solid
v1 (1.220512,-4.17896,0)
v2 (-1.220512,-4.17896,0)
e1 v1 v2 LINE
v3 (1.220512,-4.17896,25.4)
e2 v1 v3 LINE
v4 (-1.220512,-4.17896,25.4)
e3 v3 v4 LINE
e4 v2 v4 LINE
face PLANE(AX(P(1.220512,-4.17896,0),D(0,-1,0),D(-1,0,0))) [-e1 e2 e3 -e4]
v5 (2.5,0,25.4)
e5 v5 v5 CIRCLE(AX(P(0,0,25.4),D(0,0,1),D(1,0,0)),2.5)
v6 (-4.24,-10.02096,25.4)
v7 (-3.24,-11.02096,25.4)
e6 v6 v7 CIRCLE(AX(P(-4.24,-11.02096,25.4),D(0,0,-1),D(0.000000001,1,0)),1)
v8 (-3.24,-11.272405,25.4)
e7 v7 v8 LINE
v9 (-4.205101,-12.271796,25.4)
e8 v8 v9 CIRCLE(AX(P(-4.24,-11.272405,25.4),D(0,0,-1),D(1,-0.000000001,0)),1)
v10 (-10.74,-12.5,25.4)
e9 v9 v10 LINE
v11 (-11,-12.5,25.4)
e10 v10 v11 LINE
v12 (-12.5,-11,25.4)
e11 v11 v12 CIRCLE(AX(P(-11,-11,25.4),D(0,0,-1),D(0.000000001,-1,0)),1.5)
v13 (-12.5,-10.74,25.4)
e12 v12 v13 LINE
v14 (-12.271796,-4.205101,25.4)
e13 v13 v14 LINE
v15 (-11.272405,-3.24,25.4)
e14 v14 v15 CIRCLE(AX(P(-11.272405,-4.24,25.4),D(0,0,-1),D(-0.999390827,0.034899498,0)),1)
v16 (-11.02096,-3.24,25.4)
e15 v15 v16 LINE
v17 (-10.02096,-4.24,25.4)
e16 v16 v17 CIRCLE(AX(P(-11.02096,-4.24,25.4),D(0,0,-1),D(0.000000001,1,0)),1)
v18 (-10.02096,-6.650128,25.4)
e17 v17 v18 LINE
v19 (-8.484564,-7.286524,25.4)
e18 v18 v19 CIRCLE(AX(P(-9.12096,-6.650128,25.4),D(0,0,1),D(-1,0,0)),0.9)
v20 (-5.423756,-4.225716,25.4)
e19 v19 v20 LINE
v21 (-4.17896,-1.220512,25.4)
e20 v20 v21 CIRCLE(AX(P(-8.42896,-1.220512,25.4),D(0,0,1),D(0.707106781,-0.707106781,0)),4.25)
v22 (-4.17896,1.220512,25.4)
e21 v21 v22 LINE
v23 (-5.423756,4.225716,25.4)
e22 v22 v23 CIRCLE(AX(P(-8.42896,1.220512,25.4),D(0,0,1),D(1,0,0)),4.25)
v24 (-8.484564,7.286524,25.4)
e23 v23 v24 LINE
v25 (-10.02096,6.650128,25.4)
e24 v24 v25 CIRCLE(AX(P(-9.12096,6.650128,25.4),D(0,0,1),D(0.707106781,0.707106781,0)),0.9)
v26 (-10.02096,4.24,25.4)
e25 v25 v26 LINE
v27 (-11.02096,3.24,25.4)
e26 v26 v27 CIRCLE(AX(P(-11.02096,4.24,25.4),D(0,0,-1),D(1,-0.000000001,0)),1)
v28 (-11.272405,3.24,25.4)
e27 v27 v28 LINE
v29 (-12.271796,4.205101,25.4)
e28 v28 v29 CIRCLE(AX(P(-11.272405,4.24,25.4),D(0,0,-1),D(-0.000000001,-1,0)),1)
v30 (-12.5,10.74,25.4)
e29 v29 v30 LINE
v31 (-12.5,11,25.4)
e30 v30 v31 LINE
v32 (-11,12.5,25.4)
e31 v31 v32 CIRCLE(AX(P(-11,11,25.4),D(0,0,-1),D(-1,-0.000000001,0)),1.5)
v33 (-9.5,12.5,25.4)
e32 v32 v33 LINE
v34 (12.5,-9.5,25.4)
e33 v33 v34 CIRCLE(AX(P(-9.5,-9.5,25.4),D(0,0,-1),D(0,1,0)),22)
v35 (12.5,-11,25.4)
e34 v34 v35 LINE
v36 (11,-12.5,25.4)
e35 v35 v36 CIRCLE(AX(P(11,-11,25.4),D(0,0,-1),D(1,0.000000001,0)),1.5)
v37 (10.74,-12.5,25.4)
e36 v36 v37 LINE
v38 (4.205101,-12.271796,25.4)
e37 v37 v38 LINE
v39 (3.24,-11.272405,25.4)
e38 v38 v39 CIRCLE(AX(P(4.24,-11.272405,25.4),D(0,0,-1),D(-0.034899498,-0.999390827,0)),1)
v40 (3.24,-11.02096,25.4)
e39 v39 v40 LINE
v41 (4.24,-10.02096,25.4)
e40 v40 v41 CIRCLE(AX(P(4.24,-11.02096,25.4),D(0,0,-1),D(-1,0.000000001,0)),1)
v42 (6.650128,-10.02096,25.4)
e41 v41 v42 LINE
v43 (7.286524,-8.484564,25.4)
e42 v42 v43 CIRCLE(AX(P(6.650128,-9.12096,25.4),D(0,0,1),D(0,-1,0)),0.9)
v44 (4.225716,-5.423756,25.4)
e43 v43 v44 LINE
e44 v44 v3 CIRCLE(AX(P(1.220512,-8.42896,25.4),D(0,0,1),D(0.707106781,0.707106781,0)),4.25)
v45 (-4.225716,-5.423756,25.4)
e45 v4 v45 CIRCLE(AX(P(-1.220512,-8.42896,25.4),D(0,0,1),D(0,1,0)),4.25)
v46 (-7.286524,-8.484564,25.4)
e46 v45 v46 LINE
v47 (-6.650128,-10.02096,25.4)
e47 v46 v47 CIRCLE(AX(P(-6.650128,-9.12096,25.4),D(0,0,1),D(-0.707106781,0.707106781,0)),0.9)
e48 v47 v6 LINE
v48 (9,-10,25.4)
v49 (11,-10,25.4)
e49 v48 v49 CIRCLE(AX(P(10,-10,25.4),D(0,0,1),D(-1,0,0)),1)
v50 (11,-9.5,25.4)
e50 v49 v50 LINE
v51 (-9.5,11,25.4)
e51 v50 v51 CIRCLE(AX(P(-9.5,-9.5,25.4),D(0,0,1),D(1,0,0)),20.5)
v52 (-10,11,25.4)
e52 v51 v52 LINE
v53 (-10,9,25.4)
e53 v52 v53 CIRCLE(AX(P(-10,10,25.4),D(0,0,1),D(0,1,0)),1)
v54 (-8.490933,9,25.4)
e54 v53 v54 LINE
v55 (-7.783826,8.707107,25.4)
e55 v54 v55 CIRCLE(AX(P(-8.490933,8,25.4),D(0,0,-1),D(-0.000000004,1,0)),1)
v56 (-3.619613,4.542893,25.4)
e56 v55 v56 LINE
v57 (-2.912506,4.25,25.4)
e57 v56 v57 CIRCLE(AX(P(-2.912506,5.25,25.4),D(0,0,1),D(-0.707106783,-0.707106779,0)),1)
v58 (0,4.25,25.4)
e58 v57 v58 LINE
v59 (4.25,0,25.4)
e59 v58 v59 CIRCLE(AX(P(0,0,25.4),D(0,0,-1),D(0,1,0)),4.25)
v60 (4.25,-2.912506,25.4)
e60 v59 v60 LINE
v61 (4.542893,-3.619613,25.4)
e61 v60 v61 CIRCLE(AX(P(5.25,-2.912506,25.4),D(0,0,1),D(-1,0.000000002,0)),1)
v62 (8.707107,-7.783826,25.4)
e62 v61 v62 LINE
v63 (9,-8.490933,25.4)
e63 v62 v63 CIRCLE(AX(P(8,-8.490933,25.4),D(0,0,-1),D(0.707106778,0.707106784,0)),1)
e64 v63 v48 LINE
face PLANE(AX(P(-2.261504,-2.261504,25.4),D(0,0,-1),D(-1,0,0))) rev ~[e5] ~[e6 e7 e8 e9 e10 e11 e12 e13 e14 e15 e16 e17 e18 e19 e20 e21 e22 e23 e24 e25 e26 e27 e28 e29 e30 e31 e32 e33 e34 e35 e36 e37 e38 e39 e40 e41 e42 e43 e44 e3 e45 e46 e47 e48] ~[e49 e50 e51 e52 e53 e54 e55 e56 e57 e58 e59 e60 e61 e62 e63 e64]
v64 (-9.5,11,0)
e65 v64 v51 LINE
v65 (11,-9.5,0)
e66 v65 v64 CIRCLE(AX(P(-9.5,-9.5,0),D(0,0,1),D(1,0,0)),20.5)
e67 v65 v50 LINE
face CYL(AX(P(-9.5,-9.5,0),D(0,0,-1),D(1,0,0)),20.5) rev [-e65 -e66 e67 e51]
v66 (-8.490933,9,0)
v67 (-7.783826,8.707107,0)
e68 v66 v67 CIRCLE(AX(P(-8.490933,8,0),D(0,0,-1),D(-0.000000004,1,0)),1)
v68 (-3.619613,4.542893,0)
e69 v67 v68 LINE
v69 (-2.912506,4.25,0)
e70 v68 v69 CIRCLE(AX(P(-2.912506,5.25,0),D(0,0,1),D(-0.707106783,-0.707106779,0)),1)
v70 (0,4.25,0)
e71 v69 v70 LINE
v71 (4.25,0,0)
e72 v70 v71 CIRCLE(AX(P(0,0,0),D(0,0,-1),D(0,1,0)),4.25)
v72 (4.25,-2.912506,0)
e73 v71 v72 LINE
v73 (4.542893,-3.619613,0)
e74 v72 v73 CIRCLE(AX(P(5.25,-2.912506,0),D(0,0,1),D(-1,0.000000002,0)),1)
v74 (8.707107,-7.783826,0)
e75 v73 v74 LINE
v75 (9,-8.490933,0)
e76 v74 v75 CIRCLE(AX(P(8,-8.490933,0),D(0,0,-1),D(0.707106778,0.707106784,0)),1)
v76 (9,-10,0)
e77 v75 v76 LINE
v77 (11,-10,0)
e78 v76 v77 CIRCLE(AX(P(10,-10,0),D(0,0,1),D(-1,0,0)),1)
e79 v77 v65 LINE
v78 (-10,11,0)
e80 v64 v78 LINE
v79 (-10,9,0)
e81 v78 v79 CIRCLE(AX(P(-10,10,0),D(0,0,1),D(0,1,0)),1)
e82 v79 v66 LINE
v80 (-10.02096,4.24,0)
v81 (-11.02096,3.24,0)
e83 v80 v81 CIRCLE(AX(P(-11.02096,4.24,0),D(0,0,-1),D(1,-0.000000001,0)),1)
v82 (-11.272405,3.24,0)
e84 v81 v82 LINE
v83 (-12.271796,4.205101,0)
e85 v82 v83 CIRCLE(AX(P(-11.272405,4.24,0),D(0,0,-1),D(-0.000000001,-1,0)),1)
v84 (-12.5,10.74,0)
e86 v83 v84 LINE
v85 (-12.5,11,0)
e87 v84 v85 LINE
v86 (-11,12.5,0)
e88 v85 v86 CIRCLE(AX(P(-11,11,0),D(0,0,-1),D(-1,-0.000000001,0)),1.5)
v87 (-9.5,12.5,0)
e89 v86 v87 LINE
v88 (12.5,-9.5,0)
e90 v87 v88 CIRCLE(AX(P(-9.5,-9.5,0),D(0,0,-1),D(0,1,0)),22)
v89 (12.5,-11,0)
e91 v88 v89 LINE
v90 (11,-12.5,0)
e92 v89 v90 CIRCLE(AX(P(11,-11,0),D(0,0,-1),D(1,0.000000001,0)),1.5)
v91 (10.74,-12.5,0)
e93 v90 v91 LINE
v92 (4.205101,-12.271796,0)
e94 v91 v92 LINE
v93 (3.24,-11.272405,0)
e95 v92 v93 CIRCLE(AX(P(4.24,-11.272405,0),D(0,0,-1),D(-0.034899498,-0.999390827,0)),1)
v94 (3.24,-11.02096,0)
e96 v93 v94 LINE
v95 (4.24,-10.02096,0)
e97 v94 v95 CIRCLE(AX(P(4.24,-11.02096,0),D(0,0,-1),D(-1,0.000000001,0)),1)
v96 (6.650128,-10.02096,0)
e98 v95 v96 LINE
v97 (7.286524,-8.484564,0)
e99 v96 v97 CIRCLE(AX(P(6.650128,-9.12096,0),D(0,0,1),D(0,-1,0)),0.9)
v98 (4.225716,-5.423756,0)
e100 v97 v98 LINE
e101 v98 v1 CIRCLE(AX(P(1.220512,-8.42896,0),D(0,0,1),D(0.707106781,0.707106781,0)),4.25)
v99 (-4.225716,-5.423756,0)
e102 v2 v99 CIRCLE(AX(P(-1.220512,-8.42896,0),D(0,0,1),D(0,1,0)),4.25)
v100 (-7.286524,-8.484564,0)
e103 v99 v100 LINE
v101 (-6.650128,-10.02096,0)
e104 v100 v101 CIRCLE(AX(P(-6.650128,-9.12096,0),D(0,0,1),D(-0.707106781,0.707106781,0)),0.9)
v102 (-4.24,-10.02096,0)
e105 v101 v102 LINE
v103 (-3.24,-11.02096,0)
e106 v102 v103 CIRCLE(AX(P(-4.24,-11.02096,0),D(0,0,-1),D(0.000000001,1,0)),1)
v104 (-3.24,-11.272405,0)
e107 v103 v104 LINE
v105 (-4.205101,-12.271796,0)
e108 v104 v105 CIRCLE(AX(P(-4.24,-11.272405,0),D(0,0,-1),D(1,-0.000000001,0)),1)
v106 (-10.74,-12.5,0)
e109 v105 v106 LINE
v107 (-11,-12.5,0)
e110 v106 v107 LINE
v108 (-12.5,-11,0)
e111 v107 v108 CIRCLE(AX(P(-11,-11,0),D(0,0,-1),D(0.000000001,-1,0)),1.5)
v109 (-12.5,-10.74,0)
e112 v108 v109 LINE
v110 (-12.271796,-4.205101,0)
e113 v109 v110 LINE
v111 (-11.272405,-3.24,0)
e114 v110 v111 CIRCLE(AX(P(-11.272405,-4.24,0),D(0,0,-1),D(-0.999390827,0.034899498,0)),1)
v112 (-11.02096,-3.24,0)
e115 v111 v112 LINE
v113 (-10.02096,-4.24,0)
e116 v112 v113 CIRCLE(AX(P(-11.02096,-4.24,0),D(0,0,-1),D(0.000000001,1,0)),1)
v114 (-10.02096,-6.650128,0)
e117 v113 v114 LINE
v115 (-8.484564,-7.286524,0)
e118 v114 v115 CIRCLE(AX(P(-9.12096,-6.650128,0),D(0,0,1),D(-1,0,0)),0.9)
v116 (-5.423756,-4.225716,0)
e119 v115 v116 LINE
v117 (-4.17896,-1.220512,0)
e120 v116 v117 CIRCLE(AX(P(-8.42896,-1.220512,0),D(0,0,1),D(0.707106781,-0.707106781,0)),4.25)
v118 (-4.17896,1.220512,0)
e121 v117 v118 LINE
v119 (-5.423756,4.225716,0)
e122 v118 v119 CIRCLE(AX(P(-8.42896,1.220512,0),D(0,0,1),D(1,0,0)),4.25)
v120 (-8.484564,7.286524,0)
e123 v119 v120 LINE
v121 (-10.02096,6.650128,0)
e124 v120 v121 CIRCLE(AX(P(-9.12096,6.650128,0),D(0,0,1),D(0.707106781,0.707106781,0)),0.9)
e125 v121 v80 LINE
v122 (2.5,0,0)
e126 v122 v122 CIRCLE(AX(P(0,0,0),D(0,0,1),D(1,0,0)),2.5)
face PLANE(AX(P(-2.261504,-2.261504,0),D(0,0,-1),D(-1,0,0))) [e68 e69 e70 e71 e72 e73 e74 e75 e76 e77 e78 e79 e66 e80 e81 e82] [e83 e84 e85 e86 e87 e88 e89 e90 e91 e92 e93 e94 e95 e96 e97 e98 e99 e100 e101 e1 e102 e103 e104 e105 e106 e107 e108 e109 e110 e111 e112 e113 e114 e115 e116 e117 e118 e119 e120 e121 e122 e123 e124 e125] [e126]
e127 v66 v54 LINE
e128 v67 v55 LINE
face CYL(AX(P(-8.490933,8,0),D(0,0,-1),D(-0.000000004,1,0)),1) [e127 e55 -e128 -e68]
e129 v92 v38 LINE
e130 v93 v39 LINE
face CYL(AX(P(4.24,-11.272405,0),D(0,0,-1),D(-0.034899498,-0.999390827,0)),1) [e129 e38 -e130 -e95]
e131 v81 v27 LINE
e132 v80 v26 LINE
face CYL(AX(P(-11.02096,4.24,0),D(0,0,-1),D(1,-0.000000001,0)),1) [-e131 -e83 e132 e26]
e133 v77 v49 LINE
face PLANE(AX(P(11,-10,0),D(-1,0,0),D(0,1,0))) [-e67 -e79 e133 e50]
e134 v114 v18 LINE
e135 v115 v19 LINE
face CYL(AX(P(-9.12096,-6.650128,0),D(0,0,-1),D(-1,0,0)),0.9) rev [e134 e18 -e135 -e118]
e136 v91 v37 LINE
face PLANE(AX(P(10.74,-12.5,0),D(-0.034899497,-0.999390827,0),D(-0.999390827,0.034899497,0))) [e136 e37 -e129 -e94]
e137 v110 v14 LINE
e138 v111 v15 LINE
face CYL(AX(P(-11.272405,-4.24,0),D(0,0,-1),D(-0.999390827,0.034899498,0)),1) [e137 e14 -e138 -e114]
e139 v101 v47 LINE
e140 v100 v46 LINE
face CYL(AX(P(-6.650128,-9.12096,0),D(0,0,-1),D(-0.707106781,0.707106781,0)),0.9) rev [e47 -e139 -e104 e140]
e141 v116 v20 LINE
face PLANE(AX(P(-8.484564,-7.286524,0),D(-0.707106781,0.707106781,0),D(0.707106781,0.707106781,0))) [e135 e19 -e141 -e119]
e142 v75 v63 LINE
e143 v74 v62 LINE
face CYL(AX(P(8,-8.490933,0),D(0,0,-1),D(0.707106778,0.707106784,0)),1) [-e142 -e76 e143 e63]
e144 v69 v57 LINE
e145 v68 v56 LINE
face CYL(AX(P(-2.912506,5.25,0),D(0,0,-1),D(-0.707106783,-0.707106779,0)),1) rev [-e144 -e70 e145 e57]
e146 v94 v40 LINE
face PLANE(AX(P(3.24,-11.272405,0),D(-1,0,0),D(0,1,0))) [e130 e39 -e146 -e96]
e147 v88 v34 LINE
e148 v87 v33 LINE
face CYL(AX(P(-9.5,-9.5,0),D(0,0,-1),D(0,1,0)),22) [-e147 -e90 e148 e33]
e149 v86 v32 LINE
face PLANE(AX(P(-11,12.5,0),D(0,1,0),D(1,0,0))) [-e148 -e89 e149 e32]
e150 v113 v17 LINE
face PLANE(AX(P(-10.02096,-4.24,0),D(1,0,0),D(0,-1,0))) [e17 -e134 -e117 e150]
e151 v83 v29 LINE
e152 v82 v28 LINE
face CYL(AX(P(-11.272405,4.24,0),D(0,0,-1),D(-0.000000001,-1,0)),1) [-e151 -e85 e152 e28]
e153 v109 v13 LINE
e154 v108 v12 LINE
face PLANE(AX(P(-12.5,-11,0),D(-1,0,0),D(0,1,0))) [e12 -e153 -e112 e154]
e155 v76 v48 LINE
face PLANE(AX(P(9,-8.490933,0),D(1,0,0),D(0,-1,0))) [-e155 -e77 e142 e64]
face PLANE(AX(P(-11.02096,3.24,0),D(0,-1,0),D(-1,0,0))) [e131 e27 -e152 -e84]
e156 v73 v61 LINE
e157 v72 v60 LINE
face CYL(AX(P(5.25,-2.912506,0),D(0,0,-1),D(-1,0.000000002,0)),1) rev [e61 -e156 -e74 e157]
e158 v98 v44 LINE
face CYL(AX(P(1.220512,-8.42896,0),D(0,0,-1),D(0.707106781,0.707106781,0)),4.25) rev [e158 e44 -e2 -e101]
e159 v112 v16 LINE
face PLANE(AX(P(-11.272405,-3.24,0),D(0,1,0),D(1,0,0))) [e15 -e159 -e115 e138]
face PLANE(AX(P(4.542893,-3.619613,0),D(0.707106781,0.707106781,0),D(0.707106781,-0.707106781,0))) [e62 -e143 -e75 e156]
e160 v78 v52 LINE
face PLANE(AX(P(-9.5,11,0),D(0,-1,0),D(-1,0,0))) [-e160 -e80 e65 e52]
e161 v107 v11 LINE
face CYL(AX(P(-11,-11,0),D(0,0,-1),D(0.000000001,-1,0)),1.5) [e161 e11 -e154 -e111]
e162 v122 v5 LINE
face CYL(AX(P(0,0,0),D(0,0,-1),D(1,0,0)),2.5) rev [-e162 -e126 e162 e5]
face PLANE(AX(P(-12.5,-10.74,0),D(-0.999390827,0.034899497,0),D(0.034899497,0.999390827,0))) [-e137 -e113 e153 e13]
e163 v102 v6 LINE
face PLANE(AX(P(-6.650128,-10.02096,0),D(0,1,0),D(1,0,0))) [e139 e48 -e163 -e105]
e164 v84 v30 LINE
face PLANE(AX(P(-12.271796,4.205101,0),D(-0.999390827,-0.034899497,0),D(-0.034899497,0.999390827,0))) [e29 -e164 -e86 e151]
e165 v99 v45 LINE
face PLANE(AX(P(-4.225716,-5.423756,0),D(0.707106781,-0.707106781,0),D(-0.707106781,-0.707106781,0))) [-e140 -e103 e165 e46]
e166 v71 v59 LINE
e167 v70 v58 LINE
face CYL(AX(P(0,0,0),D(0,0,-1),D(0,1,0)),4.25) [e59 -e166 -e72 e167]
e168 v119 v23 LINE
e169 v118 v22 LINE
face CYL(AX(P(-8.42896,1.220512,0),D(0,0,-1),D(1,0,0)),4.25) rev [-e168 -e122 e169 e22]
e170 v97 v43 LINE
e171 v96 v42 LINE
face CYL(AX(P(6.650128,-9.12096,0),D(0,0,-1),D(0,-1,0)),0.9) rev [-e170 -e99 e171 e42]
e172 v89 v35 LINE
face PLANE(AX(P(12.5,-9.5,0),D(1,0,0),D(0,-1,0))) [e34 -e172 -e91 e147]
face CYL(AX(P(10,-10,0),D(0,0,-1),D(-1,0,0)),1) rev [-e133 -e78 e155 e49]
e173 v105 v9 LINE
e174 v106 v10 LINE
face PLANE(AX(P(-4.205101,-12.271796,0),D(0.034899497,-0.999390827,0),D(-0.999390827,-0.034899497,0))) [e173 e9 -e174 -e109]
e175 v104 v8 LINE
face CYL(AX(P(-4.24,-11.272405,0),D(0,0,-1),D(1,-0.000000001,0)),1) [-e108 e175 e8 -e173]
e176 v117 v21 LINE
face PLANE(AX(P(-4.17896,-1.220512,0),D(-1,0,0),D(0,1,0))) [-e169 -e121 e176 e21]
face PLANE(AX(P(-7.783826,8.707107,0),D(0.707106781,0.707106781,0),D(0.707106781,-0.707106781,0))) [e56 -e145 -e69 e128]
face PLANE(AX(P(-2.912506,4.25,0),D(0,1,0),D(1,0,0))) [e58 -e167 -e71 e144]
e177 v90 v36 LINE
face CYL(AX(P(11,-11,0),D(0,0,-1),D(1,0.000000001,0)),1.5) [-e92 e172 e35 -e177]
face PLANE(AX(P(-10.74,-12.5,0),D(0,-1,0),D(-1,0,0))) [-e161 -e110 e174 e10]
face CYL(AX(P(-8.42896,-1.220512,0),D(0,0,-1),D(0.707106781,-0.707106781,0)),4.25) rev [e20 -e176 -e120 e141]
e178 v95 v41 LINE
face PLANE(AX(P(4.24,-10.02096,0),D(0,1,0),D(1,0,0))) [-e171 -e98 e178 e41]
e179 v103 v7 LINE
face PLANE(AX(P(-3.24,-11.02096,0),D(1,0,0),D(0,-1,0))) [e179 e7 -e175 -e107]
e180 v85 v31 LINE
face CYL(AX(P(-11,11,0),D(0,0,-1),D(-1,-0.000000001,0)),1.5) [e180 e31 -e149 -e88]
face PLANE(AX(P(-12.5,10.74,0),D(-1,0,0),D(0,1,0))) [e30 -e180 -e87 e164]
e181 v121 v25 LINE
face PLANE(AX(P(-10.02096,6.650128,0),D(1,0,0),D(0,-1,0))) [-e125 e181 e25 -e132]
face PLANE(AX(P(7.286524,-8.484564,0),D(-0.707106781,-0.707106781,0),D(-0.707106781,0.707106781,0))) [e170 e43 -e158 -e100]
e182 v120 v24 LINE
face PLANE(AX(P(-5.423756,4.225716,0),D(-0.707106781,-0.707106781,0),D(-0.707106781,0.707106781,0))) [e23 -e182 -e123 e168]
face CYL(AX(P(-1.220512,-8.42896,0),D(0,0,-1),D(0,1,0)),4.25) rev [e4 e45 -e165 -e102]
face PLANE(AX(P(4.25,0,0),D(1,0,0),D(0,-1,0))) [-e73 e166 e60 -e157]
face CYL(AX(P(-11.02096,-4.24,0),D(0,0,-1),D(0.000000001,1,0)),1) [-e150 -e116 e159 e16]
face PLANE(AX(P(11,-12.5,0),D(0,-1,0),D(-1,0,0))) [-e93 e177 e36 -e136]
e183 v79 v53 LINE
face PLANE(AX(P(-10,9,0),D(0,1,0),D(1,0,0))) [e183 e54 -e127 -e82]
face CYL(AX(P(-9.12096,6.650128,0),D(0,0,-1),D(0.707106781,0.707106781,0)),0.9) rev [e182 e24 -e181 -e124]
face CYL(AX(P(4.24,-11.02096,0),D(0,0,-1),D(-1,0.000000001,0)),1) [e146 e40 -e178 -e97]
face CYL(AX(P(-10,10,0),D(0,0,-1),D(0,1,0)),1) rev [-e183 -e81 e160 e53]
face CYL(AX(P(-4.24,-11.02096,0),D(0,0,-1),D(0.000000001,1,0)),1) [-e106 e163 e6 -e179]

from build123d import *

# Parameters (mm, degrees)
SKETCH1_R      = 2.5
EXTRUDE1_DEPTH = 25.4


with BuildPart() as part:
    # Sketch1 → Extrude1 (new body)
    with BuildSketch(Plane.XY):
        with BuildLine():
            Line((1.22051236, -4.17896), (-1.22051236, -4.17896))
            ThreePointArc((-1.22051236, -4.17896), (-2.846916947, -4.502471987), (-4.22571618, -5.42375618))
            Line((-4.22571618, -5.42375618), (-7.286523897, -8.484563897))
            ThreePointArc((-7.286523897, -8.484563897), (-7.481619373, -9.465375089), (-6.650127794, -10.02096))
            Line((-6.650127794, -10.02096), (-4.24, -10.02096))
            ThreePointArc((-4.24, -10.02096), (-3.532893219, -10.313853219), (-3.24, -11.02096))
            Line((-3.24, -11.02096), (-3.24, -11.272405454))
            ThreePointArc((-3.24, -11.272405454), (-3.5206602, -11.967063824), (-4.205100503, -12.271796281))
            Line((-4.205100503, -12.271796281), (-10.74, -12.5))
            Line((-10.74, -12.5), (-11, -12.5))
            ThreePointArc((-11, -12.5), (-12.060660172, -12.060660172), (-12.5, -11))
            Line((-12.5, -11), (-12.5, -10.74))
            Line((-12.5, -10.74), (-12.271796281, -4.205100503))
            ThreePointArc((-12.271796281, -4.205100503), (-11.967063824, -3.5206602), (-11.272405454, -3.24))
            Line((-11.272405454, -3.24), (-11.02096, -3.24))
            ThreePointArc((-11.02096, -3.24), (-10.313853219, -3.532893219), (-10.02096, -4.24))
            Line((-10.02096, -4.24), (-10.02096, -6.650127794))
            ThreePointArc((-10.02096, -6.650127794), (-9.465375089, -7.481619373), (-8.484563897, -7.286523897))
            Line((-8.484563897, -7.286523897), (-5.42375618, -4.22571618))
            ThreePointArc((-5.42375618, -4.22571618), (-4.502471987, -2.846916947), (-4.17896, -1.22051236))
            Line((-4.17896, -1.22051236), (-4.17896, 1.22051236))
            ThreePointArc((-4.17896, 1.22051236), (-4.502471987, 2.846916947), (-5.42375618, 4.22571618))
            Line((-5.42375618, 4.22571618), (-8.484563897, 7.286523897))
            ThreePointArc((-8.484563897, 7.286523897), (-9.465375089, 7.481619373), (-10.02096, 6.650127794))
            Line((-10.02096, 6.650127794), (-10.02096, 4.24))
            ThreePointArc((-10.02096, 4.24), (-10.313853219, 3.532893219), (-11.02096, 3.24))
            Line((-11.02096, 3.24), (-11.272405454, 3.24))
            ThreePointArc((-11.272405454, 3.24), (-11.967063824, 3.5206602), (-12.271796281, 4.205100503))
            Line((-12.271796281, 4.205100503), (-12.5, 10.74))
            Line((-12.5, 10.74), (-12.5, 11))
            ThreePointArc((-12.5, 11), (-12.060660172, 12.060660172), (-11, 12.5))
            Line((-11, 12.5), (-9.5, 12.5))
            ThreePointArc((-9.5, 12.5), (6.056349186, 6.056349186), (12.5, -9.5))
            Line((12.5, -9.5), (12.5, -11))
            ThreePointArc((12.5, -11), (12.060660172, -12.060660172), (11, -12.5))
            Line((11, -12.5), (10.74, -12.5))
            Line((10.74, -12.5), (4.205100503, -12.271796281))
            ThreePointArc((4.205100503, -12.271796281), (3.5206602, -11.967063824), (3.24, -11.272405454))
            Line((3.24, -11.272405454), (3.24, -11.02096))
            ThreePointArc((3.24, -11.02096), (3.532893219, -10.313853219), (4.24, -10.02096))
            Line((4.24, -10.02096), (6.650127794, -10.02096))
            ThreePointArc((6.650127794, -10.02096), (7.481619373, -9.465375089), (7.286523897, -8.484563897))
            Line((7.286523897, -8.484563897), (4.22571618, -5.42375618))
            ThreePointArc((4.22571618, -5.42375618), (2.846916947, -4.502471987), (1.22051236, -4.17896))
        make_face()
        Circle(SKETCH1_R, mode=Mode.SUBTRACT)
        with BuildLine():
            Line((4.25, 0), (4.25, -2.912506094))
            ThreePointArc((4.25, -2.912506094), (4.326120467, -3.295189526), (4.542893219, -3.619612875))
            Line((4.542893219, -3.619612875), (8.707106781, -7.783826438))
            ThreePointArc((8.707106781, -7.783826438), (8.923879533, -8.108249786), (9, -8.490933219))
            Line((9, -8.490933219), (9, -10))
            ThreePointArc((9, -10), (10, -11), (11, -10))
            Line((11, -10), (11, -9.5))
            ThreePointArc((11, -9.5), (4.995689014, 4.995689014), (-9.5, 11))
            Line((-9.5, 11), (-10, 11))
            ThreePointArc((-10, 11), (-11, 10), (-10, 9))
            Line((-10, 9), (-8.490933219, 9))
            ThreePointArc((-8.490933219, 9), (-8.108249786, 8.923879533), (-7.783826438, 8.707106781))
            Line((-7.783826438, 8.707106781), (-3.619612875, 4.542893219))
            ThreePointArc((-3.619612875, 4.542893219), (-3.295189526, 4.326120467), (-2.912506094, 4.25))
            Line((-2.912506094, 4.25), (0, 4.25))
            ThreePointArc((0, 4.25), (3.00520382, 3.00520382), (4.25, 0))
        make_face(mode=Mode.SUBTRACT)
    extrude(amount=EXTRUDE1_DEPTH)


solid = part.part
